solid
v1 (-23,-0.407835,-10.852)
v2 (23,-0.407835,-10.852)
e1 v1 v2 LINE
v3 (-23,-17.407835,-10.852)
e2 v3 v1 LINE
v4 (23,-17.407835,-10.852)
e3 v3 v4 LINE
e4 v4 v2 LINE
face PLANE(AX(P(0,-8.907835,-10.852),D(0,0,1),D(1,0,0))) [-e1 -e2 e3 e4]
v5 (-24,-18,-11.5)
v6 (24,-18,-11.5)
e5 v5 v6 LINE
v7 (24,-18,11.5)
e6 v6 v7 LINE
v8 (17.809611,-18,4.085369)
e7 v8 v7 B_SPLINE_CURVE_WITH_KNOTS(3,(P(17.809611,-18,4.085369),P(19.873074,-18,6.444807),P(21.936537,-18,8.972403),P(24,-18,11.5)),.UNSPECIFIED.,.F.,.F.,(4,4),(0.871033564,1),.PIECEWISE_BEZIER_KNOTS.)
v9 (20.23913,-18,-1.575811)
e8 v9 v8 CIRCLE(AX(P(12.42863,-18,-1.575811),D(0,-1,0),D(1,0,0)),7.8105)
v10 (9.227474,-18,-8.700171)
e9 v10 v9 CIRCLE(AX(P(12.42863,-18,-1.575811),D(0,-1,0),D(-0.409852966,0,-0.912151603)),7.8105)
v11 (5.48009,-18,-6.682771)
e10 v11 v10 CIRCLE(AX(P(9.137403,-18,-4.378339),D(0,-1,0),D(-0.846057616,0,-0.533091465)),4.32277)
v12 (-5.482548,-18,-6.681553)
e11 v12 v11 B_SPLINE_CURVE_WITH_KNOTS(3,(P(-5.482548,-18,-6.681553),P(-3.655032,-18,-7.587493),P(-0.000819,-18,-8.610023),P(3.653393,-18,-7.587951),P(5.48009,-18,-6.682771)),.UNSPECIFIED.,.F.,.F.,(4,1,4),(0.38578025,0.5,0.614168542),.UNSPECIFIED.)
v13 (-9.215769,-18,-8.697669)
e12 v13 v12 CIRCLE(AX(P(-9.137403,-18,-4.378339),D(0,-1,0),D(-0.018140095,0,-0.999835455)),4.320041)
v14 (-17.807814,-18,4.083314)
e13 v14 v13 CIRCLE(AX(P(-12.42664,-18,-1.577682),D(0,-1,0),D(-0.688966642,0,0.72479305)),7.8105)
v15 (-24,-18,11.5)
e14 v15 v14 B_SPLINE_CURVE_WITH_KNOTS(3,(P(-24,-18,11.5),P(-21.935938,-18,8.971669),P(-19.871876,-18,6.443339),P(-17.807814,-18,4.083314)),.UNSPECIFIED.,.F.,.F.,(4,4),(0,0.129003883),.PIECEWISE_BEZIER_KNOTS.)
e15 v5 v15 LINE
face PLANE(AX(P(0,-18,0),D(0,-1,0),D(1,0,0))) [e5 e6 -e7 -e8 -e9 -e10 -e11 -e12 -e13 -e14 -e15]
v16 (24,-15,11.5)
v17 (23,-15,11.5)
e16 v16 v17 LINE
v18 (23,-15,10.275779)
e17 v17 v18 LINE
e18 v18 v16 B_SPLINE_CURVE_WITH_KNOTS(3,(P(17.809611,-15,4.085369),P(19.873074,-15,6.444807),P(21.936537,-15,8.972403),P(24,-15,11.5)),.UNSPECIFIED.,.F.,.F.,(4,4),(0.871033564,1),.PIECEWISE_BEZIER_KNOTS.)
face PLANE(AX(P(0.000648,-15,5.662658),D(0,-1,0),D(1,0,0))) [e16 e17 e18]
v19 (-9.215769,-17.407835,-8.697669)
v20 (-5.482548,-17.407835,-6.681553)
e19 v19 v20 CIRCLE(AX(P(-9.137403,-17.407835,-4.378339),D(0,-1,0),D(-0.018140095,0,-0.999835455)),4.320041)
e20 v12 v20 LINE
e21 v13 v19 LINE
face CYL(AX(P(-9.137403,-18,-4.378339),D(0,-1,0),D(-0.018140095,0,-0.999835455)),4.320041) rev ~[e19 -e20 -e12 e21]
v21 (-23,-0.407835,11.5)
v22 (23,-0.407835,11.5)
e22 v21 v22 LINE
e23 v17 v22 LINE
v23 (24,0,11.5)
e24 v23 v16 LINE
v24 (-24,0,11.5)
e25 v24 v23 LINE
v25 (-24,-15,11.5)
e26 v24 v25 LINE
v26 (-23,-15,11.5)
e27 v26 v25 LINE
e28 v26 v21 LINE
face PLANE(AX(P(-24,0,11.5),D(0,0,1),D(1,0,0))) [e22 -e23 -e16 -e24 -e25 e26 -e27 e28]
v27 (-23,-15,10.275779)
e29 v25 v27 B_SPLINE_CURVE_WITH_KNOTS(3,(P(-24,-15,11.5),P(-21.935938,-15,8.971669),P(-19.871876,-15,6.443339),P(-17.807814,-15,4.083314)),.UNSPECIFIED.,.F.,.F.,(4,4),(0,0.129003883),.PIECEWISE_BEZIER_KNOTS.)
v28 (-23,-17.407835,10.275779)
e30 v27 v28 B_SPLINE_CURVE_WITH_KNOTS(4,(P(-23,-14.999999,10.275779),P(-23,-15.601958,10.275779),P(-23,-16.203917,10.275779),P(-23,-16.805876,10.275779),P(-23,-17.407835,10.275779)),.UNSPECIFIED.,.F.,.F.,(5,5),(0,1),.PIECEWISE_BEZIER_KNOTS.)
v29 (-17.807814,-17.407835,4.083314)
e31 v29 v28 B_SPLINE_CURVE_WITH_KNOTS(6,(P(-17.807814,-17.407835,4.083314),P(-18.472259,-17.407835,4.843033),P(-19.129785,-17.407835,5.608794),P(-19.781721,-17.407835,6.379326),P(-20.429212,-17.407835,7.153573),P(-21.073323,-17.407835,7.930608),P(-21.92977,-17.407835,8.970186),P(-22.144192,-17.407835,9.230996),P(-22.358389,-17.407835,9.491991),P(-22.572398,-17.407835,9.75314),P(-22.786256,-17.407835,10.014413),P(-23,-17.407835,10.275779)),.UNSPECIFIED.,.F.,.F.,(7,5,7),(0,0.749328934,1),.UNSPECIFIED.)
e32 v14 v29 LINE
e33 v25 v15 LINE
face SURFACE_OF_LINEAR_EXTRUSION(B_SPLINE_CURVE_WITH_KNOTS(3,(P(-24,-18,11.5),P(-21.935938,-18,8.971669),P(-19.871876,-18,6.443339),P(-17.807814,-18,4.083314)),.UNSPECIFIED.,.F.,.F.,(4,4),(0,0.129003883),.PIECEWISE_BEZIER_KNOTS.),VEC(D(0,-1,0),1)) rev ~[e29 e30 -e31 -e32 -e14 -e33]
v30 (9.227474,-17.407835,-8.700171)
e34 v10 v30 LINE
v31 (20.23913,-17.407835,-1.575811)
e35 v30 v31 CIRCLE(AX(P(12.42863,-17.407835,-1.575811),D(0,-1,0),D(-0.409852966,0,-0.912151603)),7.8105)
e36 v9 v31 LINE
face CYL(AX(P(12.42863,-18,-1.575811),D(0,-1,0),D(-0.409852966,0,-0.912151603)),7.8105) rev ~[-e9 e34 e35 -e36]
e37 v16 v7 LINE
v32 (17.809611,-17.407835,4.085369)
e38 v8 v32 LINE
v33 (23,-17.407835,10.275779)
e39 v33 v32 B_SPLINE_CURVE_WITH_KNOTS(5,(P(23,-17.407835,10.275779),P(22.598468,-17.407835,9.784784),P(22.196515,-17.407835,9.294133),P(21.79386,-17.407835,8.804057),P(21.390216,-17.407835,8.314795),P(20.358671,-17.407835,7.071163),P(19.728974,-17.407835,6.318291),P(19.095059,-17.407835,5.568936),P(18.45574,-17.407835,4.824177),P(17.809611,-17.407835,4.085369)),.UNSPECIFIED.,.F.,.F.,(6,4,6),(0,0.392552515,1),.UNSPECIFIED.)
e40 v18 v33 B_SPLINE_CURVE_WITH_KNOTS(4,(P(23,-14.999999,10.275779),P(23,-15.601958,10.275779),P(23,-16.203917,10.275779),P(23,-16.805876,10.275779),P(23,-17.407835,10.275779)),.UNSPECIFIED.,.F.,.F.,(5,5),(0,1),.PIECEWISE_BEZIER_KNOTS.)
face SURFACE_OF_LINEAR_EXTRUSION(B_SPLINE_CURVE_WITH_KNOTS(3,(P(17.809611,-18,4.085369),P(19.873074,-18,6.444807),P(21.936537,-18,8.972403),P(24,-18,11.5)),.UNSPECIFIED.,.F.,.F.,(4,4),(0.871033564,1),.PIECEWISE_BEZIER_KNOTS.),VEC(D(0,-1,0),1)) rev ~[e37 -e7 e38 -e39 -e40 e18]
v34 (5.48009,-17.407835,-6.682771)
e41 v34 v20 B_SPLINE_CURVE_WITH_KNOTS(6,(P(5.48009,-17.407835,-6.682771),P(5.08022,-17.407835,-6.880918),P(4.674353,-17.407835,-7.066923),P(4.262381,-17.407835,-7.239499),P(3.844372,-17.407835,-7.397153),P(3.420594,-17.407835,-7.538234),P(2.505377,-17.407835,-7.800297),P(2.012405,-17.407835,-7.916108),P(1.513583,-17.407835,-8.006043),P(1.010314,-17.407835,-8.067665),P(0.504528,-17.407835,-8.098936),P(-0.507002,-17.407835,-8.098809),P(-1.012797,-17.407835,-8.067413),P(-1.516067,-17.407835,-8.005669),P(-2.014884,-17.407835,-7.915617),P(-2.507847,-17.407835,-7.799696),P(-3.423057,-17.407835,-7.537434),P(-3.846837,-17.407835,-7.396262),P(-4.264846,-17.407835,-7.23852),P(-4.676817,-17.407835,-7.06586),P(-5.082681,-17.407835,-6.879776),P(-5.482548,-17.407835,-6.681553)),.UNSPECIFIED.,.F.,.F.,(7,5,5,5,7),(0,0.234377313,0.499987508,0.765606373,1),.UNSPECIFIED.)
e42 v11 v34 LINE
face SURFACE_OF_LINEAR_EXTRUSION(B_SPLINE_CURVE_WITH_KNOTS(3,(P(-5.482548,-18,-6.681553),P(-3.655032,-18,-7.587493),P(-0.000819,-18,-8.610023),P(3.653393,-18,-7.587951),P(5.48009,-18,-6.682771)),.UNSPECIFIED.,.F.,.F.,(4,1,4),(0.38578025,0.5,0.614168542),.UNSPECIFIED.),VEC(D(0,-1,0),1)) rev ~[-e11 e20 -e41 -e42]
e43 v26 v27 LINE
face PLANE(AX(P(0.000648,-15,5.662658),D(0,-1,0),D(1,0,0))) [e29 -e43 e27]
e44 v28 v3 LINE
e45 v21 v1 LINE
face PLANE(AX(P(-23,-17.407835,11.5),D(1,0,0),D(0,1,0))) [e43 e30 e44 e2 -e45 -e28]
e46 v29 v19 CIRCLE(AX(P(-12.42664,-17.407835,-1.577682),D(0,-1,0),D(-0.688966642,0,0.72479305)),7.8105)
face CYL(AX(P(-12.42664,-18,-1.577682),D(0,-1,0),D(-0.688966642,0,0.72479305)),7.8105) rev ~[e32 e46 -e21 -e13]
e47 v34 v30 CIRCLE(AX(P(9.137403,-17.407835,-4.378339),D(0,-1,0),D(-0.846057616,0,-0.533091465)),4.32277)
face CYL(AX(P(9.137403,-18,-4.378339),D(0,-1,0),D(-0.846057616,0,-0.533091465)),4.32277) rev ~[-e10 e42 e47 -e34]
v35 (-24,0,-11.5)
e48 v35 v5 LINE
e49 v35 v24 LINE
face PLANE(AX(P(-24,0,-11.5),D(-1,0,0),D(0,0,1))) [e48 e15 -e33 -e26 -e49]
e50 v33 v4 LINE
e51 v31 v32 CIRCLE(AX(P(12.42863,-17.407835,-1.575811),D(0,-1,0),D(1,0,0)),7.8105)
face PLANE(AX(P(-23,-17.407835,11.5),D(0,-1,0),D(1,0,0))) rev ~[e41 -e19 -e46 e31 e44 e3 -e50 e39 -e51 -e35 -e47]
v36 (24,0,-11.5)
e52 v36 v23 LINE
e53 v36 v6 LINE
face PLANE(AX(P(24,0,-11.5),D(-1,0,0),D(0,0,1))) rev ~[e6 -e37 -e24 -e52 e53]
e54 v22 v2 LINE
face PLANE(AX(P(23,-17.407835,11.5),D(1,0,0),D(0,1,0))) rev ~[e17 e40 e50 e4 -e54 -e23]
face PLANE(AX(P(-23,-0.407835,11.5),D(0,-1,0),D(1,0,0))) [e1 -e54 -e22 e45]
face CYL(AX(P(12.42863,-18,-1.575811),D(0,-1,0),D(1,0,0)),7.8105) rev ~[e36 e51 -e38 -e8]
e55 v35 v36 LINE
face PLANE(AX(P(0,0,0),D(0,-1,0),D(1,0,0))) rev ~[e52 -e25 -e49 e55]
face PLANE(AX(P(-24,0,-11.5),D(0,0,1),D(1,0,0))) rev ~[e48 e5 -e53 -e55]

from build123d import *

# Parameters (mm, degrees)
F0_W     = 48
F0_H     = 23
F1_DEPTH = 18
F2_W     = 46
F2_H     = 17
F3_DEPTH = 22.352
F5_DEPTH = 3


with BuildPart() as f1:
    # F0 (on Front) → F1 (new body)
    with BuildSketch(Plane.XZ):
        Rectangle(F0_W, F0_H)
    extrude(amount=F1_DEPTH)

    # F2 (on face) → F3 (cut)
    with BuildSketch(Plane.XY.offset(11.5)):
        with Locations((-4.47e-08, -8.9078345299)):
            Rectangle(F2_W, F2_H)
    extrude(amount=-F3_DEPTH, mode=Mode.SUBTRACT)

    # F4 (on face) → F5 (cut)
    with BuildSketch(Plane.XZ.offset(18)):
        with BuildLine():
            Line((24, 11.5), (-24, 11.5))
            add(Edge.make_bspline(
                [(-24, 11.5), (-21.9359378716, 8.9716693602), (-19.8718757432, 6.4433387205), (-17.8078136148, 4.0833140133)],
                knots=[0, 0, 0, 0, 0.129003883, 0.129003883, 0.129003883, 0.129003883], degree=3))
            ThreePointArc((-17.8078136148, 4.0833140133), (-9.3465218784, 5.5998372929), (-4.6161396554, -1.5776821065))
            ThreePointArc((-4.6161396554, -1.5776821065), (-4.6838516535, -2.6039102527), (-4.8858136092, -3.6123449263))
            ThreePointArc((-4.8858136092, -3.6123449263), (-4.8967692227, -5.2028290958), (-5.482547982, -6.6815525873))
            add(Edge.make_bspline(
                [(-5.482547982, -6.6815525873), (-3.655031988, -7.5874926735), (-1.827515994, -8.0988723785), (0, -8.0988723785)],
                knots=[0.3857802504, 0.3857802504, 0.3857802504, 0.3857802504, 0.5, 0.5, 0.5, 0.5], degree=3))
            add(Edge.make_bspline(
                [(0, -8.0988723785), (1.8266966783, -8.0988723785), (3.6533933566, -7.5879510963), (5.4800900349, -6.6827708081)],
                knots=[0.5, 0.5, 0.5, 0.5, 0.6141685424, 0.6141685424, 0.6141685424, 0.6141685424], degree=3))
            ThreePointArc((5.4800900349, -6.6827708081), (4.8929807707, -5.1976220671), (4.8851620207, -3.6006552741))
            ThreePointArc((4.8851620207, -3.6006552741), (8.4364089916, 5.1373167643), (17.8096110461, 4.085369218))
            add(Edge.make_bspline(
                [(17.8096110461, 4.085369218), (19.8730740307, 6.4448065383), (21.9365370154, 8.9724032691), (24, 11.5)],
                knots=[0.8710335635, 0.8710335635, 0.8710335635, 0.8710335635, 1, 1, 1, 1], degree=3))
        make_face()
        with BuildLine():
            ThreePointArc((-4.6161396554, -1.5776821065), (-9.3465218784, 5.5998372929), (-17.8078136148, 4.0833140133))
            add(Edge.make_bspline(
                [(-17.8078136148, 4.0833140133), (-16.0140889616, 2.0323900412), (-14.2203643085, 0.1085718923), (-12.4266396554, -1.5776821065)],
                knots=[0.129003883, 0.129003883, 0.129003883, 0.129003883, 0.2411116738, 0.2411116738, 0.2411116738, 0.2411116738], degree=3))
            add(Edge.make_bspline(
                [(-12.4266396554, -1.5776821065), (-10.3534160171, -3.5266889647), (-8.2801923789, -5.1583289061), (-6.2069687406, -6.3020449167)],
                knots=[0.2411116738, 0.2411116738, 0.2411116738, 0.2411116738, 0.3706881512, 0.3706881512, 0.3706881512, 0.3706881512], degree=3))
            ThreePointArc((-6.2069687406, -6.3020449167), (-5.4161874116, -5.0211497754), (-4.8858136092, -3.6123449263))
            ThreePointArc((-4.8858136092, -3.6123449263), (-4.6838516535, -2.6039102527), (-4.6161396554, -1.5776821065))
        make_face()
        with BuildLine():
            add(Edge.make_bspline(
                [(-17.8078136148, 4.0833140133), (-16.0140889616, 2.0323900412), (-14.2203643085, 0.1085718923), (-12.4266396554, -1.5776821065)],
                knots=[0.129003883, 0.129003883, 0.129003883, 0.129003883, 0.2411116738, 0.2411116738, 0.2411116738, 0.2411116738], degree=3))
            ThreePointArc((-17.8078136148, 4.0833140133), (-18.9086098616, -5.9352011823), (-9.2157687538, -8.6976693469))
            ThreePointArc((-9.2157687538, -8.6976693469), (-13.0755167796, -6.1542936511), (-12.4266396554, -1.5776821065))
        make_face()
        with BuildLine():
            add(Edge.make_bspline(
                [(-12.4266396554, -1.5776821065), (-10.3534160171, -3.5266889647), (-8.2801923789, -5.1583289061), (-6.2069687406, -6.3020449167)],
                knots=[0.2411116738, 0.2411116738, 0.2411116738, 0.2411116738, 0.3706881512, 0.3706881512, 0.3706881512, 0.3706881512], degree=3))
            ThreePointArc((-12.4266396554, -1.5776821065), (-13.0755167796, -6.1542936511), (-9.2157687538, -8.6976693469))
            ThreePointArc((-9.2157687538, -8.6976693469), (-7.5616079145, -7.6879502193), (-6.2069687406, -6.3020449167))
        make_face()
        with BuildLine():
            ThreePointArc((-6.2069687406, -6.3020449167), (-7.5616079145, -7.6879502193), (-9.2157687538, -8.6976693469))
            ThreePointArc((-9.2157687538, -8.6976693469), (-7.0845998748, -8.1794909589), (-5.482547982, -6.6815525873))
            add(Edge.make_bspline(
                [(-6.2069687406, -6.3020449167), (-5.9654951544, -6.4352564051), (-5.7240215682, -6.5618487914), (-5.482547982, -6.6815525873)],
                knots=[0.3706881512, 0.3706881512, 0.3706881512, 0.3706881512, 0.3857802504, 0.3857802504, 0.3857802504, 0.3857802504], degree=3))
        make_face()
        with BuildLine():
            ThreePointArc((20.2391303397, -1.5758105962), (19.606097165, 1.5044296902), (17.8096110461, 4.085369218))
            add(Edge.make_bspline(
                [(12.4286303397, -1.5758105962), (14.2222905752, 0.1105585898), (16.0159508106, 2.0344340033), (17.8096110461, 4.085369218)],
                knots=[0.7589297987, 0.7589297987, 0.7589297987, 0.7589297987, 0.8710335635, 0.8710335635, 0.8710335635, 0.8710335635], degree=3))
            ThreePointArc((12.4286303397, -1.5758105962), (13.080424676, -6.1500390798), (9.2274737476, -8.7001706883))
            ThreePointArc((9.2274737476, -8.7001706883), (16.6713462557, -8.1334985962), (20.2391303397, -1.5758105962))
        make_face()
        with BuildLine():
            add(Edge.make_bspline(
                [(12.4286303397, -1.5758105962), (14.2222905752, 0.1105585898), (16.0159508106, 2.0344340033), (17.8096110461, 4.085369218)],
                knots=[0.7589297987, 0.7589297987, 0.7589297987, 0.7589297987, 0.8710335635, 0.8710335635, 0.8710335635, 0.8710335635], degree=3))
            ThreePointArc((17.8096110461, 4.085369218), (8.4364089916, 5.1373167643), (4.8851620207, -3.6006552741))
            ThreePointArc((4.8851620207, -3.6006552741), (5.4160889034, -5.0150216763), (6.2093732837, -6.300718206))
            add(Edge.make_bspline(
                [(6.2093732837, -6.300718206), (8.282458969, -5.1567010835), (10.3555446544, -3.5248908904), (12.4286303397, -1.5758105962)],
                knots=[0.6293619434, 0.6293619434, 0.6293619434, 0.6293619434, 0.7589297987, 0.7589297987, 0.7589297987, 0.7589297987], degree=3))
        make_face()
        with BuildLine():
            ThreePointArc((-4.8858136092, -3.6123449263), (-5.4161874116, -5.0211497754), (-6.2069687406, -6.3020449167))
            add(Edge.make_bspline(
                [(-6.2069687406, -6.3020449167), (-5.9654951544, -6.4352564051), (-5.7240215682, -6.5618487914), (-5.482547982, -6.6815525873)],
                knots=[0.3706881512, 0.3706881512, 0.3706881512, 0.3706881512, 0.3857802504, 0.3857802504, 0.3857802504, 0.3857802504], degree=3))
            ThreePointArc((-5.482547982, -6.6815525873), (-4.8967692227, -5.2028290958), (-4.8858136092, -3.6123449263))
        make_face()
        with BuildLine():
            ThreePointArc((9.2274737476, -8.7001706883), (13.080424676, -6.1500390798), (12.4286303397, -1.5758105962))
            add(Edge.make_bspline(
                [(6.2093732837, -6.300718206), (8.282458969, -5.1567010835), (10.3555446544, -3.5248908904), (12.4286303397, -1.5758105962)],
                knots=[0.6293619434, 0.6293619434, 0.6293619434, 0.6293619434, 0.7589297987, 0.7589297987, 0.7589297987, 0.7589297987], degree=3))
            ThreePointArc((6.2093732837, -6.300718206), (7.5680345553, -7.6896080143), (9.2274737476, -8.7001706883))
        make_face()
        with BuildLine():
            ThreePointArc((6.2093732837, -6.300718206), (5.4160889034, -5.0150216763), (4.8851620207, -3.6006552741))
            ThreePointArc((4.8851620207, -3.6006552741), (4.8929807707, -5.1976220671), (5.4800900349, -6.6827708081))
            add(Edge.make_bspline(
                [(5.4800900349, -6.6827708081), (5.7231844512, -6.5623105935), (5.9662788674, -6.4348680757), (6.2093732837, -6.300718206)],
                knots=[0.6141685424, 0.6141685424, 0.6141685424, 0.6141685424, 0.6293619434, 0.6293619434, 0.6293619434, 0.6293619434], degree=3))
        make_face()
        with BuildLine():
            ThreePointArc((9.2274737476, -8.7001706883), (7.5680345553, -7.6896080143), (6.2093732837, -6.300718206))
            add(Edge.make_bspline(
                [(5.4800900349, -6.6827708081), (5.7231844512, -6.5623105935), (5.9662788674, -6.4348680757), (6.2093732837, -6.300718206)],
                knots=[0.6141685424, 0.6141685424, 0.6141685424, 0.6141685424, 0.6293619434, 0.6293619434, 0.6293619434, 0.6293619434], degree=3))
            ThreePointArc((5.4800900349, -6.6827708081), (7.0883105329, -8.1845921438), (9.2274737476, -8.7001706883))
        make_face()
    extrude(amount=-F5_DEPTH, mode=Mode.SUBTRACT)


solid = f1.part
